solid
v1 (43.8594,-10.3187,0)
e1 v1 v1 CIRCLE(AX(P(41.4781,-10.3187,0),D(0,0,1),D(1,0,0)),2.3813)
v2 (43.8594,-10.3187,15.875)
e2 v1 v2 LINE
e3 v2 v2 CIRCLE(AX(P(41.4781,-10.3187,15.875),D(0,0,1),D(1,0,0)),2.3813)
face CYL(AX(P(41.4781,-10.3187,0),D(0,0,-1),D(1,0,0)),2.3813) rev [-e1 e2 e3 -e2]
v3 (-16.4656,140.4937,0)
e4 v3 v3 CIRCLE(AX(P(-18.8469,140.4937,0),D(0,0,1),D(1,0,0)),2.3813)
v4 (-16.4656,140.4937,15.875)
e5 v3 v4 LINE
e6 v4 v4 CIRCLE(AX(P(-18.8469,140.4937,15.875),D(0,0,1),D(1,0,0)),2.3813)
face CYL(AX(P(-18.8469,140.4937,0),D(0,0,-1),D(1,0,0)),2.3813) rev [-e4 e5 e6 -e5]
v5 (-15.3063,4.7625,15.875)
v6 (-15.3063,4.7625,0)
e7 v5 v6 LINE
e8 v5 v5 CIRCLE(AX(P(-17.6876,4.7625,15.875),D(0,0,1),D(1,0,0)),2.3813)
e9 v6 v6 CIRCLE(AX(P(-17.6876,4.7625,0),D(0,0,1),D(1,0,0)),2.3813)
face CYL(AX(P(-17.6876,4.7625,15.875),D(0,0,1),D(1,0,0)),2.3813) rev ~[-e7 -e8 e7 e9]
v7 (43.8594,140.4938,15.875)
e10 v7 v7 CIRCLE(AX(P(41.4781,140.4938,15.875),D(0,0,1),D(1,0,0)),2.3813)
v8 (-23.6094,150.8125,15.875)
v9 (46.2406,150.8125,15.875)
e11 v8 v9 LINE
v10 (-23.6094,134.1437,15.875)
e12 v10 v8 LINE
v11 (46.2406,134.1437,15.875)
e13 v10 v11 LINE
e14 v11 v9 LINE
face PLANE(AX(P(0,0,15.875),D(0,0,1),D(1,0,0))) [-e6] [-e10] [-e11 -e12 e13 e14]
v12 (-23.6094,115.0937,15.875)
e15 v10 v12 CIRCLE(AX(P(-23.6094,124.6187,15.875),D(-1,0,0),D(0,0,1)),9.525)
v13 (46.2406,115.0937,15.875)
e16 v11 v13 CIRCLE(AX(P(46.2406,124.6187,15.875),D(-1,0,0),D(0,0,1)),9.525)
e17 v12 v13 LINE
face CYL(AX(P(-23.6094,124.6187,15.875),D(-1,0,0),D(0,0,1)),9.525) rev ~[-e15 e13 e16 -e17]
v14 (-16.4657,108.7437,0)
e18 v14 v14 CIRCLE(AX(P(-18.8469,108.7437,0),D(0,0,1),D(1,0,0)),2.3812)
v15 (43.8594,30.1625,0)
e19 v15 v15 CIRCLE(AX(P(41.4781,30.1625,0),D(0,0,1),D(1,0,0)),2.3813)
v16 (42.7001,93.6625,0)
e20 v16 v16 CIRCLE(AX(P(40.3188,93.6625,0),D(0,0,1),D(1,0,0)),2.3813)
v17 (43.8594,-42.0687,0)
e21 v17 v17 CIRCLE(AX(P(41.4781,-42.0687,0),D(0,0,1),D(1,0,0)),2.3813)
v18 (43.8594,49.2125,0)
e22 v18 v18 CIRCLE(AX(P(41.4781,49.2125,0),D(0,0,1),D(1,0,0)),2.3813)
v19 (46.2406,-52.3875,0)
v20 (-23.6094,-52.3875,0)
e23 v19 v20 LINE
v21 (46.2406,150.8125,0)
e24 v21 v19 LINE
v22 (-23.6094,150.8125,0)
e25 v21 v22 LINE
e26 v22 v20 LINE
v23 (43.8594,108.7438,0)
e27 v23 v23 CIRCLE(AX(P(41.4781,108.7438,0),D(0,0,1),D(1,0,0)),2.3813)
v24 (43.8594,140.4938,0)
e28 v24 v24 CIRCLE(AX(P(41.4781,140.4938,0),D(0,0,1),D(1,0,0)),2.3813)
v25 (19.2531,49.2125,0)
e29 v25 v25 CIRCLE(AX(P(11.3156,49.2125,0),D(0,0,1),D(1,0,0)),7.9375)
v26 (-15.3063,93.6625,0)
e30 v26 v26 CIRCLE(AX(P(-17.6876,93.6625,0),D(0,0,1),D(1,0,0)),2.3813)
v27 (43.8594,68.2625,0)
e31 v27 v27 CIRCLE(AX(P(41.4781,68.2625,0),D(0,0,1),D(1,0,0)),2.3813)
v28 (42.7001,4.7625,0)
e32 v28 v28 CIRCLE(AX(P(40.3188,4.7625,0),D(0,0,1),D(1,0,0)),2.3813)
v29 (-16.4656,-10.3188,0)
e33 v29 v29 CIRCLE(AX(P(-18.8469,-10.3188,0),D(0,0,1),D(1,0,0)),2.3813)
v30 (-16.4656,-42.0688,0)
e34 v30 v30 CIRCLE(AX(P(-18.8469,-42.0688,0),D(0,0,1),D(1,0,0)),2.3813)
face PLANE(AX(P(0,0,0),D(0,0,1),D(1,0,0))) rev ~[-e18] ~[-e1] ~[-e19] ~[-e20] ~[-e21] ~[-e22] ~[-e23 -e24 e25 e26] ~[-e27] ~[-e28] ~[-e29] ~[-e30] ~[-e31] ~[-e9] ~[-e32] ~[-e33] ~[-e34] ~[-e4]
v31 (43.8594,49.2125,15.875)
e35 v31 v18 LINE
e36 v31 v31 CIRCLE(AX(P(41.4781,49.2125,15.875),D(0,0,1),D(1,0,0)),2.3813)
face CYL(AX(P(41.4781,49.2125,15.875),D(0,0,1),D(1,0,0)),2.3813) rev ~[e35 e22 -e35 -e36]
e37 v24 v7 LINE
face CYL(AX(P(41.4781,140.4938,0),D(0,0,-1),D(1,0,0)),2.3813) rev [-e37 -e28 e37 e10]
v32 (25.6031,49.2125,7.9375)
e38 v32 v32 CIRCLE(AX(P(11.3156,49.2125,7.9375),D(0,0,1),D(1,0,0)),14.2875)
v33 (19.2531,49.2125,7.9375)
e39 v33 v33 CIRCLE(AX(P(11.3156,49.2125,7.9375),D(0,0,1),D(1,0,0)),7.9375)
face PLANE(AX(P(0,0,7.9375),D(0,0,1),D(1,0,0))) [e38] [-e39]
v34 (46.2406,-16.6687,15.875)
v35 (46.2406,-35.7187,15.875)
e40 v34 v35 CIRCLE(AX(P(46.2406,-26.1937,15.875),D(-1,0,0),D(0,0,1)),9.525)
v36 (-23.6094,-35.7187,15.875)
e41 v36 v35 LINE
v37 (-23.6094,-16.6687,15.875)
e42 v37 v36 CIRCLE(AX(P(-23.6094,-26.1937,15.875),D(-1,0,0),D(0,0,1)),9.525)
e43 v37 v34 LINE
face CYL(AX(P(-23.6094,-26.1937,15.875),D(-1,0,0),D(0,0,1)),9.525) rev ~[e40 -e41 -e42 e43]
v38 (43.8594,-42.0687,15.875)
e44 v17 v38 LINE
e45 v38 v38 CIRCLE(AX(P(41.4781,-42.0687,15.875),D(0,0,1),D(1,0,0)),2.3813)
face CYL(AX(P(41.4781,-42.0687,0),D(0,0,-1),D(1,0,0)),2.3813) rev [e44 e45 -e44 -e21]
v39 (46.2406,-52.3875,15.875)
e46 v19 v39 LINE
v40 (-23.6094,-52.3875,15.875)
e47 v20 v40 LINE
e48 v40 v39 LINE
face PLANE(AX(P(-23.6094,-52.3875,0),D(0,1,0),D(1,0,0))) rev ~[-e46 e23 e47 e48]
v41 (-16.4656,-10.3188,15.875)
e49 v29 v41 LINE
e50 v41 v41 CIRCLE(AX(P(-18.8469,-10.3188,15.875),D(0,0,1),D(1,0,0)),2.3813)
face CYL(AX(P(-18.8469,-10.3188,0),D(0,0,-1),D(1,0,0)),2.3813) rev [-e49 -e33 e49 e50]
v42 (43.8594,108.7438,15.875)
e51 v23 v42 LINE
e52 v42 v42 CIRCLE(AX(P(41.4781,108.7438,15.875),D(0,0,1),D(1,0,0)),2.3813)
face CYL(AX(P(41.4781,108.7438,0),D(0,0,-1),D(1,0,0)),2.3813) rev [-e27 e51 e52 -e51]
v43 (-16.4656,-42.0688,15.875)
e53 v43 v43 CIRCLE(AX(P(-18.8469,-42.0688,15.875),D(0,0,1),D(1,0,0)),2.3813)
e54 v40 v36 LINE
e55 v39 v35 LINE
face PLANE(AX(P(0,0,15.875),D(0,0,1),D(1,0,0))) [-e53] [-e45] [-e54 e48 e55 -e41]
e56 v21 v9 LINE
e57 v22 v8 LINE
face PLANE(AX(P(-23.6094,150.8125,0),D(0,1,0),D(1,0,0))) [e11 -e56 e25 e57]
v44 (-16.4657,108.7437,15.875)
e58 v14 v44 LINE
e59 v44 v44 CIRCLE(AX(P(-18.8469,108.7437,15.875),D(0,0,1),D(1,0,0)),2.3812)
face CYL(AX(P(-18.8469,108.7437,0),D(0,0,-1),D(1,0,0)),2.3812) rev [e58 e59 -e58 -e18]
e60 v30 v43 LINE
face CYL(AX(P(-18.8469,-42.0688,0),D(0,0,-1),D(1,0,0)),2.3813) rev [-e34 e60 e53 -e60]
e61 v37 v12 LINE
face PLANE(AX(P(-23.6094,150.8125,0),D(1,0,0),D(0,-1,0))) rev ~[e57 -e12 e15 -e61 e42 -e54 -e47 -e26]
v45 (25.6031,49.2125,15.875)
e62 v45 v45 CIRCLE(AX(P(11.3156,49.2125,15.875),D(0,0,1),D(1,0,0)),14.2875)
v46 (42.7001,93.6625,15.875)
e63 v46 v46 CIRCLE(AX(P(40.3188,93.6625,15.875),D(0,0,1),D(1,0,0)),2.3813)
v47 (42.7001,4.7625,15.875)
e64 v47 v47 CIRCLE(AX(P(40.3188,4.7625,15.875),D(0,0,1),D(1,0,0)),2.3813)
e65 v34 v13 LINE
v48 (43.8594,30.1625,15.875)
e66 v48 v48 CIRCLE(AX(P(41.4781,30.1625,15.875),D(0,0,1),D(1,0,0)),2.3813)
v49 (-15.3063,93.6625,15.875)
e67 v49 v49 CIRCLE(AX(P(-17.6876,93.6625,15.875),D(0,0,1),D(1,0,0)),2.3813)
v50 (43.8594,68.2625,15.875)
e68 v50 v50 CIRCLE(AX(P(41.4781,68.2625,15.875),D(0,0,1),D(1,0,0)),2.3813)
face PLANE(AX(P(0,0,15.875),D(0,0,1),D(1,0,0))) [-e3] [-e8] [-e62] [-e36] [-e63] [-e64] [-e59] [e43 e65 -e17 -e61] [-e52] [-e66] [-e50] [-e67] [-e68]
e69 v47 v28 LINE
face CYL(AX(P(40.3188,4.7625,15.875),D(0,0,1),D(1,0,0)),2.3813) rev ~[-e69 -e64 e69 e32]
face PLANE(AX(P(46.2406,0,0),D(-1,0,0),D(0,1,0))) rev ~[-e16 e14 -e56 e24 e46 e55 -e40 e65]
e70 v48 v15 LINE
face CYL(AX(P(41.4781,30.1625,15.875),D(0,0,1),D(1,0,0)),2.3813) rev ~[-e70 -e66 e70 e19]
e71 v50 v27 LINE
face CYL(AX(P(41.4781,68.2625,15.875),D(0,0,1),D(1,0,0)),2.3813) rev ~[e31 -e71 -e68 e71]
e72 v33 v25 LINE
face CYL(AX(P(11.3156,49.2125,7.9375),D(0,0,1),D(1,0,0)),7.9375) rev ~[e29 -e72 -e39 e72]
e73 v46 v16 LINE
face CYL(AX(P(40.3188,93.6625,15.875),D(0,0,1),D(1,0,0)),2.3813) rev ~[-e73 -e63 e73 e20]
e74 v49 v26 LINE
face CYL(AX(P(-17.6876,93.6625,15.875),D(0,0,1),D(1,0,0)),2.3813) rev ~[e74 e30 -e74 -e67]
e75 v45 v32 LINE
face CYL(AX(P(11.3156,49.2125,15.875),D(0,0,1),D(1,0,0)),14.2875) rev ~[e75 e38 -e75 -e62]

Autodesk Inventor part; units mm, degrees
ref_plane "YZ Plane" through (0, 0, 0) normal (1, 0, 0) x (0, 1, 0)
ref_plane "XZ Plane" through (0, 0, 0) normal (0, 1, 0) x (-1, 0, 0)
ref_plane "XY Plane" through (0, 0, 0) normal (0, 0, 1) x (1, 0, 0)
sketch "Sketch1" plane through (0, 0, 0) normal (0, 0, 1) x (1, 0, 0)
  line L0 (-23.6094, 98.425) -> (-0.1834, 98.425) projected
  line L1 (-0.1834, 150.8125) -> (-0.1834, 98.425) projected
  line L2 (-23.6094, 150.8125) -> (-0.1834, 150.8125) projected
  line L3 (-23.6094, 150.8125) -> (-23.6094, 98.425) projected
  circle A0 centre (-18.8469, 140.4937) radius 2.3813 projected
  circle A1 centre (-18.8469, 108.7437) radius 2.3812 projected
  line L4 (-23.6094, -52.3875) -> (-0.1834, -52.3875) projected
  line L5 (-0.1834, 0) -> (-0.1834, -52.3875) projected
  line L6 (-23.6094, 0) -> (0, 0) projected
  line L7 (-23.6094, 0) -> (-23.6094, -52.3875) projected
  circle A2 centre (-18.8469, -10.3188) radius 2.3813 projected
  circle A3 centre (-18.8469, -42.0688) radius 2.3813 projected
  line L8 (22.8147, 98.425) -> (46.2406, 98.425) projected
  line L9 (46.2406, 150.8125) -> (46.2406, 98.425) projected
  line L10 (22.8147, 150.8125) -> (46.2406, 150.8125) projected
  line L11 (22.8147, 150.8125) -> (22.8147, 98.425) projected
  circle A4 centre (41.4781, 140.4938) radius 2.3813 projected
  circle A5 centre (41.4781, 108.7438) radius 2.3813 projected
  line L12 (22.8147, -52.3875) -> (46.2406, -52.3875) projected
  line L13 (46.2406, 0) -> (46.2406, -52.3875) projected
  line L14 (22.8147, 0) -> (46.2406, 0) projected
  line L15 (22.8147, 0) -> (22.8147, -52.3875) projected
  circle A6 centre (41.4781, -10.3187) radius 2.3813 projected
  circle A7 centre (41.4781, -42.0687) radius 2.3813 projected
  line L16 (22.8147, 150.8125) -> (-0.1834, 150.8125)
  line L17 (22.8147, -52.3875) -> (-0.1834, -52.3875)
  line L18 (46.2406, 0) -> (46.2406, 98.425)
  line L19 (-23.6094, 0) -> (-23.6094, 98.425)
extrude "Extrusion1" add sketch "Sketch1" along normal blind 15.875
sketch "Sketch2" plane through (-23.6094, -52.3875, 0) normal (-1, 0, 0) x (0, 0, 1)
  line L0 (15.875, 195.2625) -> (15.875, 190.5) projected
  line L1 (15.875, 163.5125) -> (15.875, 158.75) projected
  line L2 (15.875, 44.45) -> (15.875, 39.6875) projected
  line L3 (15.875, 190.5) -> (15.875, 163.5125) construction
  line L4 (15.875, 12.7) -> (0, 12.7) construction
  line L5 (15.875, 12.7) -> (15.875, 39.6875) construction
  line L6 (22.1465, 177.0062) -> (15.875, 177.0062)
  line L7 (15.875, 0) -> (15.875, 203.2) projected
  line L8 (24.8676, 26.1938) -> (15.875, 26.1938)
  line L9 (15.875, 203.2) -> (15.875, 0) projected
  circle A0 centre (15.875, 177.0062) radius 9.525
  circle A1 centre (15.875, 26.1938) radius 9.525
  point P0 (0, 52.3875)
  point P1 (15.875, 35.7188)
  point P2 (15.875, 16.6688)
  point P3 (15.875, 186.5312)
  point P4 (15.875, 167.4812)
  dimension "d2" = 19.05
  dimension "d3" = 19.05
extrude "Extrusion2" cut sketch "Sketch2" against normal blind 76.2 contours L7 A1 | A0 L7 picked at (15.1152, 19.9361) picked at (15.1152, 170.7485)
sketch "Sketch3" plane through (0, 0, 15.875) normal (0, 0, 1) x (1, 0, 0)
  circle A0 centre (41.4781, 108.7438) radius 2.3813 construction
  circle A1 centre (41.4781, -10.3187) radius 2.3813 construction
  line L0 (41.4781, 108.7438) -> (41.4781, -10.3187) construction
  circle A2 centre (41.4781, 49.2125) radius 2.3813 construction
  circle A3 centre (41.4781, 30.1625) radius 2.3813 construction
  circle A4 centre (41.4781, 68.2625) radius 2.3813 construction
  circle A5 centre (41.4781, 49.2125) radius 2.3813 construction
  circle A6 centre (41.4781, 68.2625) radius 2.3813
  circle A7 centre (41.4781, 49.2125) radius 2.3813
  circle A8 centre (41.4781, 30.1625) radius 2.3813
  point P0 (0, 0)
  dimension "d8" = 19.05
  dimension "d11" = 19.05
extrude "Extrusion3" cut sketch "Sketch3" against normal blind 76.2
sketch "Sketch4" plane through (0, 0, 15.875) normal (0, 0, 1) x (1, 0, 0)
  circle A0 centre (11.3156, 49.2125) radius 14.2875
  line L0 (-23.6094, 115.0937) -> (-23.6094, -16.6688) projected
  point P0 (0, 0)
  dimension "d16" = 34.925
  dimension "d17" = 28.575
extrude "Extrusion4" cut sketch "Sketch4" against normal blind 7.9375
sketch "Sketch5" plane through (11.3156, 49.2125, 7.9375) normal (0, 0, 1) x (1, 0, 0)
  circle A0 centre (0, 0) radius 7.9375
  point P0 (-11.3156, -49.2125)
  dimension "d20" = 15.875
extrude "Extrusion5" cut sketch "Sketch5" against normal blind 7.9375
sketch "Sketch6" plane through (0, 0, 15.875) normal (0, 0, 1) x (1, 0, 0)
  line L0 (-23.6094, 100.0125) -> (46.2406, 100.0125) projected
  line L1 (46.2406, -1.5875) -> (-23.6094, -1.5875) projected
  circle A0 centre (11.3156, 49.2125) radius 37.465 projected
  circle A1 centre (40.3188, 93.6625) radius 2.3813
  line L2 (48.7806, 49.2125) -> (-26.1494, 49.2125) construction
  line L3 (11.3156, 100.0125) -> (11.3156, -1.5875) construction
  circle A2 centre (40.3188, 4.7625) radius 2.3813
  circle A3 centre (-17.6876, 93.6625) radius 2.3813
  circle A4 centre (-17.6876, 4.7625) radius 2.3813
  point P0 (0, 0)
  dimension "d23" = 4.7625
  dimension "d24" = 6.35
extrude "Extrusion6" cut sketch "Sketch6" against normal blind 19.05 contours A1 | A2 | A3 | A4
sketch "Sketch7" plane through (0, 0, 0) normal (0, 0, -1) x (-1, 0, 0)
  point P0 (0, 0)
properties part number "YClamp"
